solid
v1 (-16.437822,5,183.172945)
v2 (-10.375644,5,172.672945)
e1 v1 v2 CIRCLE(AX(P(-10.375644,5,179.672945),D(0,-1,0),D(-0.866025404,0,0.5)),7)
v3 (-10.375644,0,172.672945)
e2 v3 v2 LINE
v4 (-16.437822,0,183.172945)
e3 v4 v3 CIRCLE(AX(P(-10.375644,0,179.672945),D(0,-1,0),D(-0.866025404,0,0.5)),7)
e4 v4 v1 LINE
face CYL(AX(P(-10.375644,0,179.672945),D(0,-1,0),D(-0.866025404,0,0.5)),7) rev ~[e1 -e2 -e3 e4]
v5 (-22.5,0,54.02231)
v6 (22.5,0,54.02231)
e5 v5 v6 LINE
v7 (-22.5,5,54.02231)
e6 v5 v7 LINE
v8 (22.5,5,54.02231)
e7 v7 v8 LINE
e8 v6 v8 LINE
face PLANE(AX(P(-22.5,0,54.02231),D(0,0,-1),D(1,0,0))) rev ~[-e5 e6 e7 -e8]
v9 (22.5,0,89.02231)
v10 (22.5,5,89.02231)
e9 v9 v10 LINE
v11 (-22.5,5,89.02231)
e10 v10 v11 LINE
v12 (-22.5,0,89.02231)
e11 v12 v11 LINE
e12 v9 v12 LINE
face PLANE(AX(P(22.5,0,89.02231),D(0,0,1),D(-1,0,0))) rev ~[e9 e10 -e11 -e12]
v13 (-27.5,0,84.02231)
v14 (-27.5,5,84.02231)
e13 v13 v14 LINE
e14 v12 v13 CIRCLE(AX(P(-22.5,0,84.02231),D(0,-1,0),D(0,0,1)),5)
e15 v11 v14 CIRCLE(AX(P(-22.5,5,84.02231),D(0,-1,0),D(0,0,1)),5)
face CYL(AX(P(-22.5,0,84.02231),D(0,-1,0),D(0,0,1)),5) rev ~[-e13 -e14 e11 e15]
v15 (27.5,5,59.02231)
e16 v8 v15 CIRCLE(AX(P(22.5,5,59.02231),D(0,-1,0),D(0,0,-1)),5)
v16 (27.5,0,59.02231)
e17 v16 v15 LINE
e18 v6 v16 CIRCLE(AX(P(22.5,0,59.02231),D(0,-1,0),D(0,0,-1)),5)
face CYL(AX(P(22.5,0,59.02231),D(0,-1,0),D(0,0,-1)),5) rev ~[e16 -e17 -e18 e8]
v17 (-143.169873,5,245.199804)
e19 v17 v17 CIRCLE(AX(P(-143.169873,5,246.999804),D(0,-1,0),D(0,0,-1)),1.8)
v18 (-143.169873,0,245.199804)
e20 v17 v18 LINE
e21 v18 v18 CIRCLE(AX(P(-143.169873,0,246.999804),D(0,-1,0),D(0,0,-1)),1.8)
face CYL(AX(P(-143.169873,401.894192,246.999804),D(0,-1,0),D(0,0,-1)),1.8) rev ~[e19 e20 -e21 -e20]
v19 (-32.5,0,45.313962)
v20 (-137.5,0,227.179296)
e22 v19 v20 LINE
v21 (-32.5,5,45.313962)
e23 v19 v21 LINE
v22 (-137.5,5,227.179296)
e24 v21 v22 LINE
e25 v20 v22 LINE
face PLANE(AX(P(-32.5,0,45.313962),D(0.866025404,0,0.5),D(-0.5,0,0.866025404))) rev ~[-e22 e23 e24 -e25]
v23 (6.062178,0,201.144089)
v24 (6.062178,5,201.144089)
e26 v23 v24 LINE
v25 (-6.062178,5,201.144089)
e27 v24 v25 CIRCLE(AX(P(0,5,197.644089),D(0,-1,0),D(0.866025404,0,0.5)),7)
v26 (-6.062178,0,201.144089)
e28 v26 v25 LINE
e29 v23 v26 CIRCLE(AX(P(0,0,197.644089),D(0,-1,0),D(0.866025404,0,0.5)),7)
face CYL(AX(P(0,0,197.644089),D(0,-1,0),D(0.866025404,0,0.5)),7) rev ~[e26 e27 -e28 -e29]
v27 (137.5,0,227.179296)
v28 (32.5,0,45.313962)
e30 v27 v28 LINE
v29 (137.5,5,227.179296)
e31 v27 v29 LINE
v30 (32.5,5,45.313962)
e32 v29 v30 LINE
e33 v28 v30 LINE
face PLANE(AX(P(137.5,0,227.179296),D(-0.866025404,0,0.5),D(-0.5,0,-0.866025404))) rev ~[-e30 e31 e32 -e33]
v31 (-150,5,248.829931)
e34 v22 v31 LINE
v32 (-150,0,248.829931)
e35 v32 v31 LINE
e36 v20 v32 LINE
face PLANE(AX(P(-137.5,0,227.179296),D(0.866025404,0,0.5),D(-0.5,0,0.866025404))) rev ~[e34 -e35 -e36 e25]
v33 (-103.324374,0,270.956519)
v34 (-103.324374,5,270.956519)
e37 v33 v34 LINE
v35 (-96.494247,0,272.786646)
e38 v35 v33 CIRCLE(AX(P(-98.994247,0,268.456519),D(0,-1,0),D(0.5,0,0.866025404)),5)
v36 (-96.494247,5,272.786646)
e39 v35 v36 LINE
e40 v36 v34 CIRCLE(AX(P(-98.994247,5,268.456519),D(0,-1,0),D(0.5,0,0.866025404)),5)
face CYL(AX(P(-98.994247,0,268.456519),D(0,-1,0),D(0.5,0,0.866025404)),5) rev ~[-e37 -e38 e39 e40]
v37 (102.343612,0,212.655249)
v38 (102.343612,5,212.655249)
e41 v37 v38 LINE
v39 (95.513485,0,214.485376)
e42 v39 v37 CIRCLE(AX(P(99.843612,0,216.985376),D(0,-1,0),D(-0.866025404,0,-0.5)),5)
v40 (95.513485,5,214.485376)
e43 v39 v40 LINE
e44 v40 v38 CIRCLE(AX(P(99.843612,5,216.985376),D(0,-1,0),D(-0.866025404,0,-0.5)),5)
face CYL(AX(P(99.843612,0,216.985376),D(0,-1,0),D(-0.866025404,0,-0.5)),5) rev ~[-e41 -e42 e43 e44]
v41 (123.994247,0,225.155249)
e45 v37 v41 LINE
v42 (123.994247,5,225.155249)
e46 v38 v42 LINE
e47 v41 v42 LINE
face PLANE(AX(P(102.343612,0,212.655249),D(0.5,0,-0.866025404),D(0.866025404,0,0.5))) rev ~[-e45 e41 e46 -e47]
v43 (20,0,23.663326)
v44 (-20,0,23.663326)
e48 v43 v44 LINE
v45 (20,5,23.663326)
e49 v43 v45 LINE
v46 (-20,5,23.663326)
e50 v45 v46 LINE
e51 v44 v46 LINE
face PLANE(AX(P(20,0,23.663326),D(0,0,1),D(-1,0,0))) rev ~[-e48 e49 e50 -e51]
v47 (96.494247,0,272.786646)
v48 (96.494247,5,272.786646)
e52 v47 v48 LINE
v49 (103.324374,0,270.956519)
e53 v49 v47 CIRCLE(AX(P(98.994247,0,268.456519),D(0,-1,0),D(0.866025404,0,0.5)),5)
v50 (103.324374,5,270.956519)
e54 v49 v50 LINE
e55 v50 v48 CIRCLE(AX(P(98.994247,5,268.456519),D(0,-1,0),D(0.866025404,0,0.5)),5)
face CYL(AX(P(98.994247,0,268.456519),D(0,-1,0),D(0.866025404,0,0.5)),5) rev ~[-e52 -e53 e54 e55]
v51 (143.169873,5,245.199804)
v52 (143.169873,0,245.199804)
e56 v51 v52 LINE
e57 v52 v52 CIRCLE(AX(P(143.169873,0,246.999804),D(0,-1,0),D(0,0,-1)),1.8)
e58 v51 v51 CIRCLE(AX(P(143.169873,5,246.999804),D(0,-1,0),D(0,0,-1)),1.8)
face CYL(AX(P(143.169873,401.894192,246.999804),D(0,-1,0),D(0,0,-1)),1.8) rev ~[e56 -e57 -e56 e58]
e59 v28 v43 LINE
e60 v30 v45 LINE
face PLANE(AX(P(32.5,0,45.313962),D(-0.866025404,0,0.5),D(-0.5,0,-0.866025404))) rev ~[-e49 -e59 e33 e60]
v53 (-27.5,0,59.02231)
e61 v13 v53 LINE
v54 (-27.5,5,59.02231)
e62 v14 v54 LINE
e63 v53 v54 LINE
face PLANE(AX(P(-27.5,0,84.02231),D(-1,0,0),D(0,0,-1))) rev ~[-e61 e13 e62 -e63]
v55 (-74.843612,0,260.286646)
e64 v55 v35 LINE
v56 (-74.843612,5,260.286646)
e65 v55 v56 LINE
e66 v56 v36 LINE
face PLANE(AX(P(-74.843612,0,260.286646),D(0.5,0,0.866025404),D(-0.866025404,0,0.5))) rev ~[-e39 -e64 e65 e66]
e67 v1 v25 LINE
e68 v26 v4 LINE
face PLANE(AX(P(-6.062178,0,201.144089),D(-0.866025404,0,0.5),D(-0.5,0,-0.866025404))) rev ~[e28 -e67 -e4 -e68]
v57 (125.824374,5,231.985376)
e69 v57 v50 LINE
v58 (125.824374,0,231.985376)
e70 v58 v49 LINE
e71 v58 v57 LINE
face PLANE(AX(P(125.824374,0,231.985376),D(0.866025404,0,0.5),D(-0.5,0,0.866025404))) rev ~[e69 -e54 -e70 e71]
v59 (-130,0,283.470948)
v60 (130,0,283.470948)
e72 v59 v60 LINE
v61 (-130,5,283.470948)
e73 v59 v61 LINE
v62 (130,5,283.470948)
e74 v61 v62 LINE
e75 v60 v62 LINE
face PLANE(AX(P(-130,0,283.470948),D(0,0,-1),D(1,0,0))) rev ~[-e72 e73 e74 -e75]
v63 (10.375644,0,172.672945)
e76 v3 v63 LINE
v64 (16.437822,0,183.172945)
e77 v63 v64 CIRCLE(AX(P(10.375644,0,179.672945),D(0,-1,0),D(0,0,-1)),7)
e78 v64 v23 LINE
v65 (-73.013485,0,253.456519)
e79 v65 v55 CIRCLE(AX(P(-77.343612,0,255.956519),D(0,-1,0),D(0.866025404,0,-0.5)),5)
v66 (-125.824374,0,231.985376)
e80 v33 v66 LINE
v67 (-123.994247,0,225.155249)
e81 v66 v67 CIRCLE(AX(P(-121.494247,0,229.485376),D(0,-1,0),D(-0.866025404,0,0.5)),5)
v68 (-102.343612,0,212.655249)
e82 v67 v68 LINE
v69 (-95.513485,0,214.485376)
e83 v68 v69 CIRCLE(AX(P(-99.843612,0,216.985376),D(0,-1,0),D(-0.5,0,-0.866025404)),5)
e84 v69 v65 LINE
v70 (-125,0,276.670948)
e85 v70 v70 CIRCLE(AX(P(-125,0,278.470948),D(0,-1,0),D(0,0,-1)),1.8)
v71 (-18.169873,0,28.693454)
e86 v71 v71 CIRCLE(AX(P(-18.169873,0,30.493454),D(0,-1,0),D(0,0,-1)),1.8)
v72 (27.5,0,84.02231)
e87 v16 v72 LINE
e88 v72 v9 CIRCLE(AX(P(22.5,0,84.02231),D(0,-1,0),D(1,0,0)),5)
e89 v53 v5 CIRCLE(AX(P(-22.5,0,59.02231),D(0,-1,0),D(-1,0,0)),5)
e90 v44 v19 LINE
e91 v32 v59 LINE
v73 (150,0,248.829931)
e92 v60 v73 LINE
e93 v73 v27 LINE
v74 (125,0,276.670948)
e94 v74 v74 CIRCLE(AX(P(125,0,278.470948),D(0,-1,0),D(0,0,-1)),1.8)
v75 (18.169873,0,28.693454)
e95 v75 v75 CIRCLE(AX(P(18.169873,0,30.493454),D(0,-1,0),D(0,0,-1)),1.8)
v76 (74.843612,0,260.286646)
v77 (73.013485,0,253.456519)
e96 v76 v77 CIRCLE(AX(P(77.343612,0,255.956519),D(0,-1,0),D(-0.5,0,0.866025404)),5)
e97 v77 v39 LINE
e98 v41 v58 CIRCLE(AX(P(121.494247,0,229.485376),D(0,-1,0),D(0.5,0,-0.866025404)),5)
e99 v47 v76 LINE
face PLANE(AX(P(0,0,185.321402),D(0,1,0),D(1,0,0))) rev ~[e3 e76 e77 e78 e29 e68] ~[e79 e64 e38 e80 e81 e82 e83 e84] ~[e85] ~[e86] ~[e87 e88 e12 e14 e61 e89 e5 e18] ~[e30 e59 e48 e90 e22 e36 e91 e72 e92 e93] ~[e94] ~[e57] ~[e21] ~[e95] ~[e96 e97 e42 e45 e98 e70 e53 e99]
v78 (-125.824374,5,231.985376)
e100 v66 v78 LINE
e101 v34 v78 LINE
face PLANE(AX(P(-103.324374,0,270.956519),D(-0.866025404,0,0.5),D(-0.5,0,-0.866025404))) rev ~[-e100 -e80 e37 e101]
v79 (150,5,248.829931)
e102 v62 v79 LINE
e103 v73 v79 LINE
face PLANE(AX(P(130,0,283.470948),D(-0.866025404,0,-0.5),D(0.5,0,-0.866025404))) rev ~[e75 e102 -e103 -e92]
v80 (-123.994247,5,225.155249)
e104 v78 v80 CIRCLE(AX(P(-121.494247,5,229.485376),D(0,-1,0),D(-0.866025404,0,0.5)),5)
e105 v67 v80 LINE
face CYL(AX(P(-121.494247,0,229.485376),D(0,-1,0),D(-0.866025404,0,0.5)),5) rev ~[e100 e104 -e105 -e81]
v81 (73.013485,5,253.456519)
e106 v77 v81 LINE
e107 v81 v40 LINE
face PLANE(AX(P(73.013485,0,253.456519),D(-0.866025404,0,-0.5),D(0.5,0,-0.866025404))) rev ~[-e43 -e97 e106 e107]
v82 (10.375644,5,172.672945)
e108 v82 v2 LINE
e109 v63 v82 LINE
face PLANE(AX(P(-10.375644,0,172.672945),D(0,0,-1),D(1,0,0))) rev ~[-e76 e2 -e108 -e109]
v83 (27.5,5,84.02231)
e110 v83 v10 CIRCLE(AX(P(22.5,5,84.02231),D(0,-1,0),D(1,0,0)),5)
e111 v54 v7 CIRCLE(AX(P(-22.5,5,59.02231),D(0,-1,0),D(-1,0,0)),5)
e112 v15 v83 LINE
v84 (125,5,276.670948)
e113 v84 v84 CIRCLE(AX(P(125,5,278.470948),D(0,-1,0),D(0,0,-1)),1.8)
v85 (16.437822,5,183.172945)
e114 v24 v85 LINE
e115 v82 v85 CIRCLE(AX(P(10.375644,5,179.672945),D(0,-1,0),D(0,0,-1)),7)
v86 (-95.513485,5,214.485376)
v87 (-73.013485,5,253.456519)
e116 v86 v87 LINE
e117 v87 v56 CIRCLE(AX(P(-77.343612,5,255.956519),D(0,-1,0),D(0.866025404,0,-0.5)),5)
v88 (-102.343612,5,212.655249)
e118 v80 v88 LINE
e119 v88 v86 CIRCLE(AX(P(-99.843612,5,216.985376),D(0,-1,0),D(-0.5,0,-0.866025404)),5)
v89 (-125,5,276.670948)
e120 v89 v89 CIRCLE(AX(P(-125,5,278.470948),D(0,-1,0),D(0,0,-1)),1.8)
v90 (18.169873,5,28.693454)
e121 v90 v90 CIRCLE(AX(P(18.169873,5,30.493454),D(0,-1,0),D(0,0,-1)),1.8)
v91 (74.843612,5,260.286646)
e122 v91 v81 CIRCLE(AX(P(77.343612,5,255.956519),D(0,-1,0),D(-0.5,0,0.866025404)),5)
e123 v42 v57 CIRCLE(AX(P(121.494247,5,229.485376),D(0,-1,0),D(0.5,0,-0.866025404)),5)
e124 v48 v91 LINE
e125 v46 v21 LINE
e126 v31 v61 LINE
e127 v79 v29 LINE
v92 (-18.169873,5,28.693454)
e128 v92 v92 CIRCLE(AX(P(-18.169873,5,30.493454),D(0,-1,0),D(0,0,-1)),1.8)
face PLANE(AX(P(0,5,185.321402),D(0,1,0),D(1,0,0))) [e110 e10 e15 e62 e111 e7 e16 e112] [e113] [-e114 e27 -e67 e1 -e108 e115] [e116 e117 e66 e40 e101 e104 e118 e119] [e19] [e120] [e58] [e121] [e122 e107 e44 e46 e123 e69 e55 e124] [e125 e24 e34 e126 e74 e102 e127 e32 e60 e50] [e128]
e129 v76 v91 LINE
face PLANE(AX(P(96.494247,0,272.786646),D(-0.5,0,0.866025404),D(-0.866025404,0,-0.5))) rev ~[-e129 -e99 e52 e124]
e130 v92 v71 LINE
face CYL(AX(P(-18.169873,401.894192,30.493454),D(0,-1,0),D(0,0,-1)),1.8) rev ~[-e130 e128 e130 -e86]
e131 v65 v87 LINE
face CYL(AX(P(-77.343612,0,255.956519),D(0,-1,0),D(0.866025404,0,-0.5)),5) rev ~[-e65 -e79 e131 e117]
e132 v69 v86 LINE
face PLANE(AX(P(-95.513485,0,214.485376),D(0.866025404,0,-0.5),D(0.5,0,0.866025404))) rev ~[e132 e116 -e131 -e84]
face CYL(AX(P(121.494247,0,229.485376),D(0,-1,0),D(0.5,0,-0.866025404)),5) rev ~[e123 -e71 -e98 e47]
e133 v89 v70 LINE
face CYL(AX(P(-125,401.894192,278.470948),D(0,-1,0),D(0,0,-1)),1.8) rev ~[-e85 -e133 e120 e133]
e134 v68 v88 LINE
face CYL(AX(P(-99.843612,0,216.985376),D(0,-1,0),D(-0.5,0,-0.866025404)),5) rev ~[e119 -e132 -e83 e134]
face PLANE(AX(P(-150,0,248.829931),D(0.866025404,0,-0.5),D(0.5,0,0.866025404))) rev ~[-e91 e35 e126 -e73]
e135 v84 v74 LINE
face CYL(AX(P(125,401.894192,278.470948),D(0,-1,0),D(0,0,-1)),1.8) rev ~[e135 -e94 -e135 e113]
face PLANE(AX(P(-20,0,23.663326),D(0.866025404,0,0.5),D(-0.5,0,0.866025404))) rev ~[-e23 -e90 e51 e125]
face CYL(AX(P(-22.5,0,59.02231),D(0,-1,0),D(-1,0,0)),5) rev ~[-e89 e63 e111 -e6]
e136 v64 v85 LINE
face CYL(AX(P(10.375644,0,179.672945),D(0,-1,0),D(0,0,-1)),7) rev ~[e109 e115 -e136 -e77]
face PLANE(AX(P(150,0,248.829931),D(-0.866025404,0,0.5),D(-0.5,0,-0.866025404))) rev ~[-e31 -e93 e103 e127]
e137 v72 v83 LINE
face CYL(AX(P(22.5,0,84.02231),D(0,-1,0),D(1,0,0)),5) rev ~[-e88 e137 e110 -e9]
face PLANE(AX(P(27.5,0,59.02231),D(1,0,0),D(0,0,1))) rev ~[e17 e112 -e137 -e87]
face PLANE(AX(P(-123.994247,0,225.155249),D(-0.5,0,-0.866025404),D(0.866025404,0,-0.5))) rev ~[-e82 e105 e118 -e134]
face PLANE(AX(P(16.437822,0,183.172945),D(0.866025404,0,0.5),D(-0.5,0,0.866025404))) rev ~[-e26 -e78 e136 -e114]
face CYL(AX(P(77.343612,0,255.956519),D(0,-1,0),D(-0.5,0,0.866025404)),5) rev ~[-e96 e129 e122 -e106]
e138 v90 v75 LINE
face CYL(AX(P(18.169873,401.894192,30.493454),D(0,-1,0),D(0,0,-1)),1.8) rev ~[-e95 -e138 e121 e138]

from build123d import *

# Parameters (mm, degrees)
BOSS_EXTRU_1_DEPTH      = 5
D_GAGEMENT_M31_D        = 3.6
ENL_V_MAT_EXTRU_2_DEPTH = 10


with BuildPart() as part:
    # Esquisse1 → Boss.-Extru.1 (new body)
    with BuildSketch(Plane(origin=(0, 0, 0), x_dir=(1, 0, 0), z_dir=(0, 1, 0))):
        Polygon((-20, -23.663326483), (-32.5, -45.313961578), (-137.5, -227.179296373), (-150, -248.829931467), (-130, -283.470947619), (-105, -283.470947619), (105, -283.470947619), (130, -283.470947619), (150, -248.829931467), (137.5, -227.179296373), (32.5, -45.313961578), (20, -23.663326483), align=None)
        with BuildLine():
            ThreePointArc((-96.494247139, -272.786646223), (-100.288342364, -273.286148335), (-103.324374158, -270.956519204))
            Line((-103.324374158, -270.956519204), (-125.824374158, -231.985376033))
            ThreePointArc((-125.824374158, -231.985376033), (-126.32387627, -228.191280808), (-123.994247139, -225.155249015))
            Line((-123.994247139, -225.155249015), (-102.343612044, -212.655249015))
            ThreePointArc((-102.343612044, -212.655249015), (-98.549516819, -212.155746902), (-95.513485025, -214.485376033))
            Line((-95.513485025, -214.485376033), (-73.013485025, -253.456519204))
            ThreePointArc((-73.013485025, -253.456519204), (-72.513982913, -257.250614429), (-74.843612044, -260.286646223))
            Line((-74.843612044, -260.286646223), (-96.494247139, -272.786646223))
        make_face(mode=Mode.SUBTRACT)
        with BuildLine():
            ThreePointArc((74.843612044, -260.286646223), (72.513982913, -257.250614429), (73.013485025, -253.456519204))
            Line((73.013485025, -253.456519204), (95.513485025, -214.485376033))
            ThreePointArc((95.513485025, -214.485376033), (98.549516819, -212.155746902), (102.343612044, -212.655249015))
            Line((102.343612044, -212.655249015), (123.994247139, -225.155249015))
            ThreePointArc((123.994247139, -225.155249015), (126.32387627, -228.191280808), (125.824374158, -231.985376033))
            Line((125.824374158, -231.985376033), (103.324374158, -270.956519204))
            ThreePointArc((103.324374158, -270.956519204), (100.288342364, -273.286148335), (96.494247139, -272.786646223))
            Line((96.494247139, -272.786646223), (74.843612044, -260.286646223))
        make_face(mode=Mode.SUBTRACT)
        with BuildLine():
            Line((22.5, -89.022310332), (-22.5, -89.022310332))
            ThreePointArc((-22.5, -89.022310332), (-26.035533906, -87.557844238), (-27.5, -84.022310332))
            Line((-27.5, -84.022310332), (-27.5, -59.022310332))
            ThreePointArc((-27.5, -59.022310332), (-26.035533906, -55.486776426), (-22.5, -54.022310332))
            Line((-22.5, -54.022310332), (22.5, -54.022310332))
            ThreePointArc((22.5, -54.022310332), (26.035533906, -55.486776426), (27.5, -59.022310332))
            Line((27.5, -59.022310332), (27.5, -84.022310332))
            ThreePointArc((27.5, -84.022310332), (26.035533906, -87.557844238), (22.5, -89.022310332))
        make_face(mode=Mode.SUBTRACT)
    extrude(amount=BOSS_EXTRU_1_DEPTH)

    # Dégagement M31 (through all)
    with Locations(Plane(origin=(-143.169872981, 5, 246.999804448), x_dir=(0, 0, 1), z_dir=(0, 1, 0))):
        with Locations((0, 0), (31.471143171, 18.169872981), (31.471143171, 268.169872981), (0, 286.339745962), (-216.506350946, 125), (-216.506350946, 161.339745962)):
            Hole(D_GAGEMENT_M31_D / 2)

    # Esquisse6 → Enlèv. mat.-Extru.2 (cut)
    with BuildSketch(Plane(origin=(0, 0, 0), x_dir=(-1, 0, 0), z_dir=(0, -1, 0))):
        with BuildLine():
            Line((-16.437822174, -183.172945427), (-6.062177826, -201.144088597))
            ThreePointArc((-6.062177826, -201.144088597), (0, -204.644088597), (6.062177826, -201.144088597))
            Line((6.062177826, -201.144088597), (16.437822174, -183.172945427))
            ThreePointArc((16.437822174, -183.172945427), (16.437822174, -176.172945427), (10.375644347, -172.672945427))
            Line((10.375644347, -172.672945427), (-10.375644347, -172.672945427))
            ThreePointArc((-10.375644347, -172.672945427), (-16.437822174, -176.172945427), (-16.437822174, -183.172945427))
        make_face()
    extrude(amount=-ENL_V_MAT_EXTRU_2_DEPTH, mode=Mode.SUBTRACT)


solid = part.part
